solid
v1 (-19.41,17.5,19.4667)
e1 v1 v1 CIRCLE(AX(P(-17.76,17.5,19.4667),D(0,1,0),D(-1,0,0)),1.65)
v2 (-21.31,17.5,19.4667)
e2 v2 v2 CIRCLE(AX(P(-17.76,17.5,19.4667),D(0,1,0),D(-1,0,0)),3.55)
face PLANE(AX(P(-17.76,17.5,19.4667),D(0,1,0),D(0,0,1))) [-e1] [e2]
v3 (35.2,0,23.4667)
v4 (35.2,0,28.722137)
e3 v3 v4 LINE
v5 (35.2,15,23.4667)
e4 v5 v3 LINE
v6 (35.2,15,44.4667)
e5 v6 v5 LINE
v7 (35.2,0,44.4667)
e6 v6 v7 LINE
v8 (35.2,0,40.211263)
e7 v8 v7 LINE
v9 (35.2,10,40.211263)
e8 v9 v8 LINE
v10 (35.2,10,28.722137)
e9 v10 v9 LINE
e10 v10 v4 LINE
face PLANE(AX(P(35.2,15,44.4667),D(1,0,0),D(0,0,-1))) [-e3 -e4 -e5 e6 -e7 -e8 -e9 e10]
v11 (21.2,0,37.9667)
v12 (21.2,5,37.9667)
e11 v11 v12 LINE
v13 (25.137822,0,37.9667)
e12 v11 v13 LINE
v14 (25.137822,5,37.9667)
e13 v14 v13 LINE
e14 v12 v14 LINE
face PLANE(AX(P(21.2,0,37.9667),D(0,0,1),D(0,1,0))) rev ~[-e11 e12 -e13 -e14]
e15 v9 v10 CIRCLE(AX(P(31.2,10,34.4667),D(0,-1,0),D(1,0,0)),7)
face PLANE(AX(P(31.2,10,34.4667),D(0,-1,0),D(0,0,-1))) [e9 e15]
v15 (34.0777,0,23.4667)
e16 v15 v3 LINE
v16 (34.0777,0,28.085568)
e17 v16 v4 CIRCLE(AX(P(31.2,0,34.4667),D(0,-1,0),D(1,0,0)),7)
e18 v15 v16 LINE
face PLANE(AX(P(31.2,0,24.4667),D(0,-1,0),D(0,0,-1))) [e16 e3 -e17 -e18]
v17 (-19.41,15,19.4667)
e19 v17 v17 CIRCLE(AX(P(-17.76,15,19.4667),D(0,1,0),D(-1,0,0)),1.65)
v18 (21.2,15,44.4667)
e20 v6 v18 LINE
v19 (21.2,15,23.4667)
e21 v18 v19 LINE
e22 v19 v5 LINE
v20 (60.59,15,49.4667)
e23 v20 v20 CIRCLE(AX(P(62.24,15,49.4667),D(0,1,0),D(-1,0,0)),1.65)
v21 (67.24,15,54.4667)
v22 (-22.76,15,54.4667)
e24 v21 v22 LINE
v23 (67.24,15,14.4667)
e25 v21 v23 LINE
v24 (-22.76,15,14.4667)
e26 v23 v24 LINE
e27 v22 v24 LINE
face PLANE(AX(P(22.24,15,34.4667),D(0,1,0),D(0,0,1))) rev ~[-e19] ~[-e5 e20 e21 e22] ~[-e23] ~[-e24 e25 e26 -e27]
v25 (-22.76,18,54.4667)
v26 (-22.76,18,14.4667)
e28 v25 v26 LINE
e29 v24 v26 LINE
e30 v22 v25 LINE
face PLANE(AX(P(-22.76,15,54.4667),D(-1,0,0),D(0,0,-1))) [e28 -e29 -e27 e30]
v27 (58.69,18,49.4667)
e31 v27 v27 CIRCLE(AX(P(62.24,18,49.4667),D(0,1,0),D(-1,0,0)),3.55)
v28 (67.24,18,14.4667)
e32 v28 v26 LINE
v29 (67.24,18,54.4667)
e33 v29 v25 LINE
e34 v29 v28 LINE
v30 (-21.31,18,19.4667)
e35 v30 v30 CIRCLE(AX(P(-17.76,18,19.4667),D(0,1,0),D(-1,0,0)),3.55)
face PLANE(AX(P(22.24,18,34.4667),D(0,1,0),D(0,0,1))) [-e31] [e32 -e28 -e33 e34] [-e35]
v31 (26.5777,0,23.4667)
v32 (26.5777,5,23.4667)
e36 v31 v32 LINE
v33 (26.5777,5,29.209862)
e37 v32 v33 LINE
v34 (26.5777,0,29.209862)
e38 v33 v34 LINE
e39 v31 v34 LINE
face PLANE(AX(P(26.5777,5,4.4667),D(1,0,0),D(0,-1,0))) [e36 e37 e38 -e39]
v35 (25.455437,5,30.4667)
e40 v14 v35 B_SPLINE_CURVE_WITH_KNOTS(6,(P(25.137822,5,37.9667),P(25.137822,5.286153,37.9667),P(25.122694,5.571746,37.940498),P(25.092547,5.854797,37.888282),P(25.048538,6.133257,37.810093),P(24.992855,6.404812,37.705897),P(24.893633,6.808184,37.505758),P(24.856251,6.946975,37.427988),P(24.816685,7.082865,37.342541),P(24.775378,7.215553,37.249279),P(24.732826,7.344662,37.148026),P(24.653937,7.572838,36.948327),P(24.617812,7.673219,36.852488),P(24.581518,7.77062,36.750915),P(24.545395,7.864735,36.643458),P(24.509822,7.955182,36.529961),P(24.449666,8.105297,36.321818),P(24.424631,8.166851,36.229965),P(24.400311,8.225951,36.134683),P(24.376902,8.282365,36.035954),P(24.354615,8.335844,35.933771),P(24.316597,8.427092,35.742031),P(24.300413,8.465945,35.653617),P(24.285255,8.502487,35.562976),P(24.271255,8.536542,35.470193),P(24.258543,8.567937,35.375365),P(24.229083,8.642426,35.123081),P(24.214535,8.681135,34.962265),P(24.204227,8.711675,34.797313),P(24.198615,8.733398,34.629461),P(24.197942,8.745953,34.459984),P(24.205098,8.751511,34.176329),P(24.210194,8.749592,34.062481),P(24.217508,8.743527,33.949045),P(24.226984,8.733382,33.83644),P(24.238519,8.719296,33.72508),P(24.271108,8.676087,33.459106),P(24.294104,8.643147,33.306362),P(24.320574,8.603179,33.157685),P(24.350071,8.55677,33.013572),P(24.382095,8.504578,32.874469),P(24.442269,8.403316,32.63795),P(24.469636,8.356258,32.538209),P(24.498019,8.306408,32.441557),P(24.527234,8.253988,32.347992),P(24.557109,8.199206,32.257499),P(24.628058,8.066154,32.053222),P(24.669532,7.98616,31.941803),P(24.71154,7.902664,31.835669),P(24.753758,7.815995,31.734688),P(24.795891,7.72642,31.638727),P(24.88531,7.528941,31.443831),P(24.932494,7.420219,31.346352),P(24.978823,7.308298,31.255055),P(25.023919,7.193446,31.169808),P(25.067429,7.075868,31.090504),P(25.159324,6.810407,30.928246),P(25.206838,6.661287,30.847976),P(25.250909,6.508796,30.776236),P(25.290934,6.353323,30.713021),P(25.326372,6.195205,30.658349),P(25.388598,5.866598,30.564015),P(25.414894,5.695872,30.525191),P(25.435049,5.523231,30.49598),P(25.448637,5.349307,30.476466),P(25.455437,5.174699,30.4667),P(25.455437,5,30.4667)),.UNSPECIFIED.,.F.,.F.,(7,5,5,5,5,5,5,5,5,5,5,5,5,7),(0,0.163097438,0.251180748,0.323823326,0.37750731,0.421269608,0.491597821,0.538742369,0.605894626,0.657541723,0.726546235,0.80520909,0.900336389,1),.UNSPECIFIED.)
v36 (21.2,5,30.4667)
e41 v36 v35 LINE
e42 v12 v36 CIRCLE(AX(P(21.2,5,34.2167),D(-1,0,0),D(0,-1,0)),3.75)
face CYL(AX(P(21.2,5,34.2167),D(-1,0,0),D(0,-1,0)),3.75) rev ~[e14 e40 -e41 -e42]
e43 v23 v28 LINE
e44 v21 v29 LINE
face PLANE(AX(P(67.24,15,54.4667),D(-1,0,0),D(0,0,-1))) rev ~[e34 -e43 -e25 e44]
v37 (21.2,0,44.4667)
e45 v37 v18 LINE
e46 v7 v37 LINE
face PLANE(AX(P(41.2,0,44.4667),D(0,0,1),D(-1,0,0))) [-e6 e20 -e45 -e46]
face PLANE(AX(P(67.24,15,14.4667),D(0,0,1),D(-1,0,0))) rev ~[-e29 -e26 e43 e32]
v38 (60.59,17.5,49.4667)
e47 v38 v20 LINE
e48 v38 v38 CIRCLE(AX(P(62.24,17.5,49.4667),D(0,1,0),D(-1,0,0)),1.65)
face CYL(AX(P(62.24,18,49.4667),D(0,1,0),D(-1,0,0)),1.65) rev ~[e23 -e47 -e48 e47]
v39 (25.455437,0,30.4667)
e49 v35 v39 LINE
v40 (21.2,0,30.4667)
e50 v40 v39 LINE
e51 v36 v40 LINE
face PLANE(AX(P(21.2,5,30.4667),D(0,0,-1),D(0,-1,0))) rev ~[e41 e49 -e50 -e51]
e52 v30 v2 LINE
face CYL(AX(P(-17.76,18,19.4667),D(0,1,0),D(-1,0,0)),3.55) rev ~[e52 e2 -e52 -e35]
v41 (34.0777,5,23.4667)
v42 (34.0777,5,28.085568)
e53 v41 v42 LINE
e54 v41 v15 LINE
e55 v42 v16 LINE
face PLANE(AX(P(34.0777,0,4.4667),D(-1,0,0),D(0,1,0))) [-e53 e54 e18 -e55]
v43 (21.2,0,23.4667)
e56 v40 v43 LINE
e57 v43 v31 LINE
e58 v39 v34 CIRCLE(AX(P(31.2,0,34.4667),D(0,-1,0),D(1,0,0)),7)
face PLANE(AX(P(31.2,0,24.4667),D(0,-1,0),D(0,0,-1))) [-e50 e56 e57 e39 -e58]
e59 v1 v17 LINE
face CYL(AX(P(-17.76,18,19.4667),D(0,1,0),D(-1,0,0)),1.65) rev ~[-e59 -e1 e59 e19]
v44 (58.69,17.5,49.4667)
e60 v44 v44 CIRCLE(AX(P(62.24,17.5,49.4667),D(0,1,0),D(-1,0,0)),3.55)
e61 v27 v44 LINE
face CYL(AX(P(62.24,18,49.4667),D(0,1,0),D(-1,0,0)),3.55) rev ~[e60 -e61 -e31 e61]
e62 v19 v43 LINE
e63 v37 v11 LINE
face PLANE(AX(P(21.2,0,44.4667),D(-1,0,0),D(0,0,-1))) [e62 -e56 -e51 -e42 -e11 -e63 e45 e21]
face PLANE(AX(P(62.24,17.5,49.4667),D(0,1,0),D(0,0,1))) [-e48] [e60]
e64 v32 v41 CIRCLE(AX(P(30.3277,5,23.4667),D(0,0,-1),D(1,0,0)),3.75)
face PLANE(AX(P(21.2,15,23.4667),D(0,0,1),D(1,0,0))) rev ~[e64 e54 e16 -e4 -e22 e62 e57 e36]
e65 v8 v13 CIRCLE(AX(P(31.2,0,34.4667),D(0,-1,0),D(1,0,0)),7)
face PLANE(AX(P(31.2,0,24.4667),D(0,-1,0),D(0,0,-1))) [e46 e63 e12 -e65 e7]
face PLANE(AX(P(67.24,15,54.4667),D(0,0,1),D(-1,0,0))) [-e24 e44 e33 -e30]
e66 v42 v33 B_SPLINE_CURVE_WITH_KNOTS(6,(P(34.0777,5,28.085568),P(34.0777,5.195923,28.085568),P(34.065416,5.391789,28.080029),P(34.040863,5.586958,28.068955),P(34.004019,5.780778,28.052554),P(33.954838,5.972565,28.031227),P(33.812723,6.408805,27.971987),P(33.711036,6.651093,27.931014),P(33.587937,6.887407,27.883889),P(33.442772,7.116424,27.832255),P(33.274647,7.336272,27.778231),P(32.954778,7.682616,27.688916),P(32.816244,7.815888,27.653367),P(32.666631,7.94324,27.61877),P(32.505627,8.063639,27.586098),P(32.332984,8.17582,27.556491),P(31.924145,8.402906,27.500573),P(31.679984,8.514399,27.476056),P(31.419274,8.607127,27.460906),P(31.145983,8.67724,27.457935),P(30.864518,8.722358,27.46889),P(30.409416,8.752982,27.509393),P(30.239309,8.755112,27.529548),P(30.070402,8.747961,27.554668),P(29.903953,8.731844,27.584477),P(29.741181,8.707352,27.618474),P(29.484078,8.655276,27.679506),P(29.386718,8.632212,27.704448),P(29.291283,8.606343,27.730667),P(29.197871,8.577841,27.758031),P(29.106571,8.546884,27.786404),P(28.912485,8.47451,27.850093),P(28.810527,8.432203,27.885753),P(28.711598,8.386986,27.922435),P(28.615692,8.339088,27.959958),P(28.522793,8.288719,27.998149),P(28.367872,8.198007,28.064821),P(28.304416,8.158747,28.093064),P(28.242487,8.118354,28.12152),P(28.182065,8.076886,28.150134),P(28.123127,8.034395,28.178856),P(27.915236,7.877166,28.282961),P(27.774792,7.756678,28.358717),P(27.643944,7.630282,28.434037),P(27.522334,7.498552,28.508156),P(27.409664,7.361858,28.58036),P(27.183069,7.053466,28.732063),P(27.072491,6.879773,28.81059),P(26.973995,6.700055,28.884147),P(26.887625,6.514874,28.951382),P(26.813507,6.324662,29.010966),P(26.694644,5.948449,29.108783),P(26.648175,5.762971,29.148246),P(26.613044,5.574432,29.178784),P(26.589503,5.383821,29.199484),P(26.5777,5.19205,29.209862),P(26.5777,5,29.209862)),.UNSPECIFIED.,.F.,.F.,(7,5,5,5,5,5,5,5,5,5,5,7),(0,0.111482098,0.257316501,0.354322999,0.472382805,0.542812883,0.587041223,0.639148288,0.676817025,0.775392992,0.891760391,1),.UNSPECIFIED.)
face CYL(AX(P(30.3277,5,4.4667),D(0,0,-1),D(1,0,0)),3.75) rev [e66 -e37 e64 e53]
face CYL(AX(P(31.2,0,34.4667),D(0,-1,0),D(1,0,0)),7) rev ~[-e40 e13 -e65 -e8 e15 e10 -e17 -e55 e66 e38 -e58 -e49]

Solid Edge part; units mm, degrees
sketch "Sketch1" plane through (0, 0, 0) normal (0, -1, 0) x (1, 0, 0)
  line L0 (21.2, 4.4667) -> (41.2, 4.4667)
  line L1 (41.2, 4.4667) -> (41.2, 44.4667)
  line L2 (41.2, 44.4667) -> (21.2, 44.4667)
  line L3 (21.2, 44.4667) -> (21.2, 4.4667)
  dimension "D1" = 20
  dimension "D2" = 40
extrude "Protrusion1" add sketch "Sketch1" against normal blind 15
sketch "Sketch2" plane through (31.2, 0, 24.4667) normal (0, -1, 0) x (1, 0, 0)
  circle A0 centre (0, 10) radius 7
  dimension "D1" = 14
  dimension "D2" = 10
extrude "ExtrudedCutout_1" cut sketch "Sketch2" against normal blind 10
sketch "Sketch3" plane through (21.2, 7.5, 24.4667) normal (-1, 0, 0) x (0, -1, 0)
  line L0 (7.5, 13.5) -> (2.5, 13.5)
  arc A0 (2.5, 13.5) -> (2.5, 6) centre (2.5, 9.75) ccw
  line L1 (2.5, 6) -> (7.5, 6)
  line L2 (7.5, 13.5) -> (7.5, 6)
  dimension "D1" = 6.5
  dimension "D2" = 3.75
  dimension "D3" = 5
extrude "Cutout1" cut sketch "Sketch3" against normal through all
sketch "Sketch4" plane through (31.2, 15, 24.4667) normal (0, 1, 0) x (-1, 0, 0)
  line L0 (-10, 20) -> (-4, 20)
  line L1 (-4, 20) -> (-4, -20)
  line L2 (-4, -20) -> (-10, -20)
  line L3 (-10, -20) -> (-10, 20)
  dimension "D1" = 6
extrude "Cutout2" cut sketch "Sketch4" against normal through all
sketch "Sketch5" plane through (28.2, 7.5, 4.4667) normal (0, 0, -1) x (1, 0, 0)
  line L0 (5.8777, 7.5) -> (5.8777, 2.5)
  arc A0 (5.8777, 2.5) -> (-1.6223, 2.5) centre (2.1277, 2.5) cw
  line L1 (-1.6223, 2.5) -> (-1.6223, 7.5)
  line L2 (5.8777, 7.5) -> (-1.6223, 7.5)
  dimension "D1" = 1.6223
  dimension "D2" = 5.8777
extrude "Cutout3" cut sketch "Sketch5" against normal up to next
sketch "Sketch6" plane through (28.2, 15, 24.4667) normal (0, 1, 0) x (-1, 0, 0)
  line L0 (-7, -20) -> (7, -20)
  line L1 (7, -20) -> (7, -1)
  line L2 (7, -1) -> (-7, -1)
  line L3 (-7, -1) -> (-7, -20)
  dimension "D1" = 19
extrude "Cutout4" cut sketch "Sketch6" against normal up to next
sketch "Sketch7" plane through (28.2, 15, 33.9667) normal (0, 1, 0) x (-1, 0, 0)
  line L0 (-39.04, 20.5) -> (-39.04, -19.5)
  line L1 (-39.04, -19.5) -> (50.96, -19.5)
  line L2 (50.96, 20.5) -> (50.96, -19.5)
  line L3 (-39.04, 20.5) -> (50.96, 20.5)
  dimension "D1" = 40
  dimension "D2" = 36.04
  dimension "D3" = 90
  dimension "D4" = 40
extrude "ExtrudedProtrusion_2" add sketch "Sketch7" along normal blind 3
sketch "Sketch8" plane through (19.24, 18, 34.4667) normal (0, 1, 0) x (-1, 0, 0)
  circle A0 centre (-43, 15) radius 1.65
  circle A1 centre (37, -15) radius 1.65
  dimension "D1" = 3.3
  dimension "D2" = 5
  dimension "D3" = 5
  dimension "D4" = 3.3
  dimension "D5" = 5
  dimension "D6" = 5
extrude "Cutout5" cut sketch "Sketch8" against normal through all
sketch "Sketch9" plane through (19.24, 18, 34.4667) normal (0, 1, 0) x (-1, 0, 0)
  circle A0 centre (-43, 15) radius 3.55
  circle A1 centre (37, -15) radius 3.55
extrude "ExtrudedCutout_9" cut sketch "Sketch9" against normal blind 0.5
